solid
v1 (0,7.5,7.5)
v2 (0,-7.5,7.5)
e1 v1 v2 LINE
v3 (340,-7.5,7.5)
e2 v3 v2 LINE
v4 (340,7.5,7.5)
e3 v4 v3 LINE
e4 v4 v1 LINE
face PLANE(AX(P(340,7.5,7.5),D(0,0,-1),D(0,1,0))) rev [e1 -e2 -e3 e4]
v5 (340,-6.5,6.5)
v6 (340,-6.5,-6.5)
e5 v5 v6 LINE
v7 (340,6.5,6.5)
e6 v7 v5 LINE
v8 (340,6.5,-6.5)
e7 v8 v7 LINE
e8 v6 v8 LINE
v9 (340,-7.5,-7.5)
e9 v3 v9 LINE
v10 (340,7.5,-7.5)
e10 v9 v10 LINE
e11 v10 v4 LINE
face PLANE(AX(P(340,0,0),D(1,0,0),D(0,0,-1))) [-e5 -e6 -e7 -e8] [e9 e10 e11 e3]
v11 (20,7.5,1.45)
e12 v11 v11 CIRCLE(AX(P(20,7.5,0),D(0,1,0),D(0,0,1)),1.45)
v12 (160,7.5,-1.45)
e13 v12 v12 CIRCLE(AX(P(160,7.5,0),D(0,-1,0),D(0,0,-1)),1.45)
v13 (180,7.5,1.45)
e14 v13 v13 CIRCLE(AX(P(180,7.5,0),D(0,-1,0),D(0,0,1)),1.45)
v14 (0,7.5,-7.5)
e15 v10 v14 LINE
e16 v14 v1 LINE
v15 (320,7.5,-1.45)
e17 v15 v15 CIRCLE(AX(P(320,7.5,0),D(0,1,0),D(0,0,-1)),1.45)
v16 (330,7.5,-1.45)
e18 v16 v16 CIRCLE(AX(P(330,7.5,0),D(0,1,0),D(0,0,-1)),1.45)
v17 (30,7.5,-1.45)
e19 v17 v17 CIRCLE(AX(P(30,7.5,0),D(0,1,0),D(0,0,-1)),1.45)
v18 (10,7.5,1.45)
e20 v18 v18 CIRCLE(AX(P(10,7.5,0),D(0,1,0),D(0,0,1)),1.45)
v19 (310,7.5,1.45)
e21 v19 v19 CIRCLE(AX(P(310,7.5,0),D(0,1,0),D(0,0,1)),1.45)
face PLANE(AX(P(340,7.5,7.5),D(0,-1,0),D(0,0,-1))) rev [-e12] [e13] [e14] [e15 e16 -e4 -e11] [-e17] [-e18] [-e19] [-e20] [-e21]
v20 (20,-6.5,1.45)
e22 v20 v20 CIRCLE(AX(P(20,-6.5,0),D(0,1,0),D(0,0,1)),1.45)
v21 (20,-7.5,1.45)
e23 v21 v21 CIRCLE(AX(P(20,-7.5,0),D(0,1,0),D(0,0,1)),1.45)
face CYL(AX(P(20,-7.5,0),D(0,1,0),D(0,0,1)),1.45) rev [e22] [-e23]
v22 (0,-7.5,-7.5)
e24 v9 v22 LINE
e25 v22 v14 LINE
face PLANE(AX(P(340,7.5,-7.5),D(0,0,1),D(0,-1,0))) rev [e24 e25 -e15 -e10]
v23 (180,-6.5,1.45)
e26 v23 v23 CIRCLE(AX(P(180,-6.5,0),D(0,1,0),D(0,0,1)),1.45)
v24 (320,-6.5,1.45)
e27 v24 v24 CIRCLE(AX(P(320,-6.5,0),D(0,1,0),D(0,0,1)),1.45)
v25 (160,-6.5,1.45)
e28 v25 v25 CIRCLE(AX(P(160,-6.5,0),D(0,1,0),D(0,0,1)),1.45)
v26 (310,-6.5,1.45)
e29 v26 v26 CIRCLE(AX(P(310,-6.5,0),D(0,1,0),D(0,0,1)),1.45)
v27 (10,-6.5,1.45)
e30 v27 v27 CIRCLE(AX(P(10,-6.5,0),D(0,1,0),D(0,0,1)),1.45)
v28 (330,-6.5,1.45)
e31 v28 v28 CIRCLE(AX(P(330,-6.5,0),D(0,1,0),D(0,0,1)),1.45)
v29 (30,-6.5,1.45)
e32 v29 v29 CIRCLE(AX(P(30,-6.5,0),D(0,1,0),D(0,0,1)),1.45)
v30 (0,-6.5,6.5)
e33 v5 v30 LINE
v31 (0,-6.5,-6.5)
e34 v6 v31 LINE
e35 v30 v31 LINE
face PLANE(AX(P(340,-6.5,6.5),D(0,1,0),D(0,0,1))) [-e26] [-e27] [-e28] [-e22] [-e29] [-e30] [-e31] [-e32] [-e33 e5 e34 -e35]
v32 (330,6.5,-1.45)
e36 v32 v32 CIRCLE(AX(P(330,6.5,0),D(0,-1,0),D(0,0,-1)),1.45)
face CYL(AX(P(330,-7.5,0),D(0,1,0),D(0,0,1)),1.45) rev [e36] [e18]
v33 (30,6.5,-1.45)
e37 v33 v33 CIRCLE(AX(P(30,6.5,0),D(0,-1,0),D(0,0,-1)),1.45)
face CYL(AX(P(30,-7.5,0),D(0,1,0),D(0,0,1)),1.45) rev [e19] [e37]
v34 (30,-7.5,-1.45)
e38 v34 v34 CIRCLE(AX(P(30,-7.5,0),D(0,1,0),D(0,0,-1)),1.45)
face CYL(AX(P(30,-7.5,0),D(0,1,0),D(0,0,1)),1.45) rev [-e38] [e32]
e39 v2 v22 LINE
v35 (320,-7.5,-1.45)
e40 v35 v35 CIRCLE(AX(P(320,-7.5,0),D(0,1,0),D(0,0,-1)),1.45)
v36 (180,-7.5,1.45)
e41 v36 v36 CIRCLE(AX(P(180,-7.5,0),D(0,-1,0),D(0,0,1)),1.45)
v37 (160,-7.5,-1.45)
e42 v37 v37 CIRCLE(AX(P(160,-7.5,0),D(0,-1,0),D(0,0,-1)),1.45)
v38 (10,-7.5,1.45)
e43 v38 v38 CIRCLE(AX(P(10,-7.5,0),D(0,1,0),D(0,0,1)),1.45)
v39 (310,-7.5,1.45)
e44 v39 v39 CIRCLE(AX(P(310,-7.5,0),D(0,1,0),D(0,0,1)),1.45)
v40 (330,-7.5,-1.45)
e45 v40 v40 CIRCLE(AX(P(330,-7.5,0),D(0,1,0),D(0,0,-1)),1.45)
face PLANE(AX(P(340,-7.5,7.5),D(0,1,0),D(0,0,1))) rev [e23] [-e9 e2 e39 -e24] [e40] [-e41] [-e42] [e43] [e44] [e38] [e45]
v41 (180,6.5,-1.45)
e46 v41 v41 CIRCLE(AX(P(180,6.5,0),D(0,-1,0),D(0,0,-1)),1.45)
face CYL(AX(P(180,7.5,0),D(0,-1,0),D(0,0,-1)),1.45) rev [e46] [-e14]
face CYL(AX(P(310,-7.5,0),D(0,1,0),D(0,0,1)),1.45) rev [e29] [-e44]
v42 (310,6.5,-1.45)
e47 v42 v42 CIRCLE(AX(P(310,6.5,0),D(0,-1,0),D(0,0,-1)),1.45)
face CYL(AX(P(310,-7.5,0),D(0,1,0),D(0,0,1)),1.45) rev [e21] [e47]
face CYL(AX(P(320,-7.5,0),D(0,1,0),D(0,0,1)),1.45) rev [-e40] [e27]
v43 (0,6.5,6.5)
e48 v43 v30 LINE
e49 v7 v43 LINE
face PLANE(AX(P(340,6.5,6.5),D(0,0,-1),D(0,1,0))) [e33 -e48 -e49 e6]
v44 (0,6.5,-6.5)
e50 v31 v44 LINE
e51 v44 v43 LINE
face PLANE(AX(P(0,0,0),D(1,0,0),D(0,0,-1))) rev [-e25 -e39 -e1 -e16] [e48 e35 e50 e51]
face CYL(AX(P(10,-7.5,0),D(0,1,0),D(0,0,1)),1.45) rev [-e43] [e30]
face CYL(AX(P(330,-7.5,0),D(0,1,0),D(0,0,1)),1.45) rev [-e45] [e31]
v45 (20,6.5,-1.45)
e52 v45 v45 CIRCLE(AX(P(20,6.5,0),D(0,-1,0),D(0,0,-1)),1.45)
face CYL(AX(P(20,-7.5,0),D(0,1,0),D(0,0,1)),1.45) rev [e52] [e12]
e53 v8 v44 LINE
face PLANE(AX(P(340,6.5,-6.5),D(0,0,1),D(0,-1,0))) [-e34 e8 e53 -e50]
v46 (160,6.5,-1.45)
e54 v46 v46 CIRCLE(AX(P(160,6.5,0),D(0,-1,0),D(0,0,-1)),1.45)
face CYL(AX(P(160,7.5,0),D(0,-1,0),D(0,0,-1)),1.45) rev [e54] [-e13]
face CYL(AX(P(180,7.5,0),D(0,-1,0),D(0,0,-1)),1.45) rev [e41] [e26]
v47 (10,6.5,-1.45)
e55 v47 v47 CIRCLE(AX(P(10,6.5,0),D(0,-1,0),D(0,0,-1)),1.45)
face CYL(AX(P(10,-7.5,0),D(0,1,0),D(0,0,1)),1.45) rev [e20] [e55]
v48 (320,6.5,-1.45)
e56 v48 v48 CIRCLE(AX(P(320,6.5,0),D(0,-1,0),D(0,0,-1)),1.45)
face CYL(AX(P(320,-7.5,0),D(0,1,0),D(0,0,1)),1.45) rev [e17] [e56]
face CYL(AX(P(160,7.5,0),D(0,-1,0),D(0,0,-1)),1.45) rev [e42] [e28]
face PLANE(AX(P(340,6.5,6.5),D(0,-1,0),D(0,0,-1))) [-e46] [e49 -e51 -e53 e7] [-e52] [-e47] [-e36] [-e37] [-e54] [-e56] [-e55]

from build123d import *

# Parameters (mm, degrees)
SKETCH_1_W          = 15
SKETCH_1_H          = 15
SKETCH_1_W_2        = 13
SKETCH_1_H_2        = 13
EXTRUDE_1_DEPTH     = 340
SKETCH_2_R          = 1.45
CUT_EXTRUDE_1_DEPTH = 341.413351677
SKETCH_3_R          = 1.45
CUT_EXTRUDE_2_DEPTH = 341.413351677


with BuildPart() as part:
    # 草图1 → 凸台-拉伸1 (new body)
    with BuildSketch(Plane(origin=(0, 0, 0), x_dir=(0, 0, -1), z_dir=(1, 0, 0))):
        Rectangle(SKETCH_1_W, SKETCH_1_H)
        Rectangle(SKETCH_1_W_2, SKETCH_1_H_2, mode=Mode.SUBTRACT)
    extrude(amount=EXTRUDE_1_DEPTH)

    # 草图2 → 切除-拉伸1 (cut, through all)
    with BuildSketch(Plane.XZ.offset(7.5)):
        with Locations(Location((160, 0, 0), (0, 0, 270))):
            Circle(SKETCH_2_R)
        with Locations(Location((180, 0, 0), (0, 0, 90))):
            Circle(SKETCH_2_R)
    extrude(amount=-CUT_EXTRUDE_1_DEPTH, mode=Mode.SUBTRACT)

    # 草图3 → 切除-拉伸2 (cut, through all)
    with BuildSketch(Plane(origin=(0, 7.5, 0), x_dir=(1, 0, 0), z_dir=(0, 1, 0))):
        with Locations(Location((180, 0, 0), (0, 0, 270))):
            Circle(SKETCH_3_R)
        with Locations(Location((160, 0, 0), (0, 0, 90))):
            Circle(SKETCH_3_R)
        with Locations(Location((20, 0, 0), (0, 0, 270))):
            Circle(SKETCH_3_R)
        with Locations(Location((30, 0, 0), (0, 0, 270))):
            Circle(SKETCH_3_R)
        with Locations(Location((10, 0, 0), (0, 0, 270))):
            Circle(SKETCH_3_R)
        with Locations(Location((330, 0, 0), (0, 0, 270))):
            Circle(SKETCH_3_R)
        with Locations(Location((310, 0, 0), (0, 0, 270))):
            Circle(SKETCH_3_R)
        with Locations(Location((320, 0, 0), (0, 0, 270))):
            Circle(SKETCH_3_R)
    extrude(amount=-CUT_EXTRUDE_2_DEPTH, mode=Mode.SUBTRACT)


solid = part.part
